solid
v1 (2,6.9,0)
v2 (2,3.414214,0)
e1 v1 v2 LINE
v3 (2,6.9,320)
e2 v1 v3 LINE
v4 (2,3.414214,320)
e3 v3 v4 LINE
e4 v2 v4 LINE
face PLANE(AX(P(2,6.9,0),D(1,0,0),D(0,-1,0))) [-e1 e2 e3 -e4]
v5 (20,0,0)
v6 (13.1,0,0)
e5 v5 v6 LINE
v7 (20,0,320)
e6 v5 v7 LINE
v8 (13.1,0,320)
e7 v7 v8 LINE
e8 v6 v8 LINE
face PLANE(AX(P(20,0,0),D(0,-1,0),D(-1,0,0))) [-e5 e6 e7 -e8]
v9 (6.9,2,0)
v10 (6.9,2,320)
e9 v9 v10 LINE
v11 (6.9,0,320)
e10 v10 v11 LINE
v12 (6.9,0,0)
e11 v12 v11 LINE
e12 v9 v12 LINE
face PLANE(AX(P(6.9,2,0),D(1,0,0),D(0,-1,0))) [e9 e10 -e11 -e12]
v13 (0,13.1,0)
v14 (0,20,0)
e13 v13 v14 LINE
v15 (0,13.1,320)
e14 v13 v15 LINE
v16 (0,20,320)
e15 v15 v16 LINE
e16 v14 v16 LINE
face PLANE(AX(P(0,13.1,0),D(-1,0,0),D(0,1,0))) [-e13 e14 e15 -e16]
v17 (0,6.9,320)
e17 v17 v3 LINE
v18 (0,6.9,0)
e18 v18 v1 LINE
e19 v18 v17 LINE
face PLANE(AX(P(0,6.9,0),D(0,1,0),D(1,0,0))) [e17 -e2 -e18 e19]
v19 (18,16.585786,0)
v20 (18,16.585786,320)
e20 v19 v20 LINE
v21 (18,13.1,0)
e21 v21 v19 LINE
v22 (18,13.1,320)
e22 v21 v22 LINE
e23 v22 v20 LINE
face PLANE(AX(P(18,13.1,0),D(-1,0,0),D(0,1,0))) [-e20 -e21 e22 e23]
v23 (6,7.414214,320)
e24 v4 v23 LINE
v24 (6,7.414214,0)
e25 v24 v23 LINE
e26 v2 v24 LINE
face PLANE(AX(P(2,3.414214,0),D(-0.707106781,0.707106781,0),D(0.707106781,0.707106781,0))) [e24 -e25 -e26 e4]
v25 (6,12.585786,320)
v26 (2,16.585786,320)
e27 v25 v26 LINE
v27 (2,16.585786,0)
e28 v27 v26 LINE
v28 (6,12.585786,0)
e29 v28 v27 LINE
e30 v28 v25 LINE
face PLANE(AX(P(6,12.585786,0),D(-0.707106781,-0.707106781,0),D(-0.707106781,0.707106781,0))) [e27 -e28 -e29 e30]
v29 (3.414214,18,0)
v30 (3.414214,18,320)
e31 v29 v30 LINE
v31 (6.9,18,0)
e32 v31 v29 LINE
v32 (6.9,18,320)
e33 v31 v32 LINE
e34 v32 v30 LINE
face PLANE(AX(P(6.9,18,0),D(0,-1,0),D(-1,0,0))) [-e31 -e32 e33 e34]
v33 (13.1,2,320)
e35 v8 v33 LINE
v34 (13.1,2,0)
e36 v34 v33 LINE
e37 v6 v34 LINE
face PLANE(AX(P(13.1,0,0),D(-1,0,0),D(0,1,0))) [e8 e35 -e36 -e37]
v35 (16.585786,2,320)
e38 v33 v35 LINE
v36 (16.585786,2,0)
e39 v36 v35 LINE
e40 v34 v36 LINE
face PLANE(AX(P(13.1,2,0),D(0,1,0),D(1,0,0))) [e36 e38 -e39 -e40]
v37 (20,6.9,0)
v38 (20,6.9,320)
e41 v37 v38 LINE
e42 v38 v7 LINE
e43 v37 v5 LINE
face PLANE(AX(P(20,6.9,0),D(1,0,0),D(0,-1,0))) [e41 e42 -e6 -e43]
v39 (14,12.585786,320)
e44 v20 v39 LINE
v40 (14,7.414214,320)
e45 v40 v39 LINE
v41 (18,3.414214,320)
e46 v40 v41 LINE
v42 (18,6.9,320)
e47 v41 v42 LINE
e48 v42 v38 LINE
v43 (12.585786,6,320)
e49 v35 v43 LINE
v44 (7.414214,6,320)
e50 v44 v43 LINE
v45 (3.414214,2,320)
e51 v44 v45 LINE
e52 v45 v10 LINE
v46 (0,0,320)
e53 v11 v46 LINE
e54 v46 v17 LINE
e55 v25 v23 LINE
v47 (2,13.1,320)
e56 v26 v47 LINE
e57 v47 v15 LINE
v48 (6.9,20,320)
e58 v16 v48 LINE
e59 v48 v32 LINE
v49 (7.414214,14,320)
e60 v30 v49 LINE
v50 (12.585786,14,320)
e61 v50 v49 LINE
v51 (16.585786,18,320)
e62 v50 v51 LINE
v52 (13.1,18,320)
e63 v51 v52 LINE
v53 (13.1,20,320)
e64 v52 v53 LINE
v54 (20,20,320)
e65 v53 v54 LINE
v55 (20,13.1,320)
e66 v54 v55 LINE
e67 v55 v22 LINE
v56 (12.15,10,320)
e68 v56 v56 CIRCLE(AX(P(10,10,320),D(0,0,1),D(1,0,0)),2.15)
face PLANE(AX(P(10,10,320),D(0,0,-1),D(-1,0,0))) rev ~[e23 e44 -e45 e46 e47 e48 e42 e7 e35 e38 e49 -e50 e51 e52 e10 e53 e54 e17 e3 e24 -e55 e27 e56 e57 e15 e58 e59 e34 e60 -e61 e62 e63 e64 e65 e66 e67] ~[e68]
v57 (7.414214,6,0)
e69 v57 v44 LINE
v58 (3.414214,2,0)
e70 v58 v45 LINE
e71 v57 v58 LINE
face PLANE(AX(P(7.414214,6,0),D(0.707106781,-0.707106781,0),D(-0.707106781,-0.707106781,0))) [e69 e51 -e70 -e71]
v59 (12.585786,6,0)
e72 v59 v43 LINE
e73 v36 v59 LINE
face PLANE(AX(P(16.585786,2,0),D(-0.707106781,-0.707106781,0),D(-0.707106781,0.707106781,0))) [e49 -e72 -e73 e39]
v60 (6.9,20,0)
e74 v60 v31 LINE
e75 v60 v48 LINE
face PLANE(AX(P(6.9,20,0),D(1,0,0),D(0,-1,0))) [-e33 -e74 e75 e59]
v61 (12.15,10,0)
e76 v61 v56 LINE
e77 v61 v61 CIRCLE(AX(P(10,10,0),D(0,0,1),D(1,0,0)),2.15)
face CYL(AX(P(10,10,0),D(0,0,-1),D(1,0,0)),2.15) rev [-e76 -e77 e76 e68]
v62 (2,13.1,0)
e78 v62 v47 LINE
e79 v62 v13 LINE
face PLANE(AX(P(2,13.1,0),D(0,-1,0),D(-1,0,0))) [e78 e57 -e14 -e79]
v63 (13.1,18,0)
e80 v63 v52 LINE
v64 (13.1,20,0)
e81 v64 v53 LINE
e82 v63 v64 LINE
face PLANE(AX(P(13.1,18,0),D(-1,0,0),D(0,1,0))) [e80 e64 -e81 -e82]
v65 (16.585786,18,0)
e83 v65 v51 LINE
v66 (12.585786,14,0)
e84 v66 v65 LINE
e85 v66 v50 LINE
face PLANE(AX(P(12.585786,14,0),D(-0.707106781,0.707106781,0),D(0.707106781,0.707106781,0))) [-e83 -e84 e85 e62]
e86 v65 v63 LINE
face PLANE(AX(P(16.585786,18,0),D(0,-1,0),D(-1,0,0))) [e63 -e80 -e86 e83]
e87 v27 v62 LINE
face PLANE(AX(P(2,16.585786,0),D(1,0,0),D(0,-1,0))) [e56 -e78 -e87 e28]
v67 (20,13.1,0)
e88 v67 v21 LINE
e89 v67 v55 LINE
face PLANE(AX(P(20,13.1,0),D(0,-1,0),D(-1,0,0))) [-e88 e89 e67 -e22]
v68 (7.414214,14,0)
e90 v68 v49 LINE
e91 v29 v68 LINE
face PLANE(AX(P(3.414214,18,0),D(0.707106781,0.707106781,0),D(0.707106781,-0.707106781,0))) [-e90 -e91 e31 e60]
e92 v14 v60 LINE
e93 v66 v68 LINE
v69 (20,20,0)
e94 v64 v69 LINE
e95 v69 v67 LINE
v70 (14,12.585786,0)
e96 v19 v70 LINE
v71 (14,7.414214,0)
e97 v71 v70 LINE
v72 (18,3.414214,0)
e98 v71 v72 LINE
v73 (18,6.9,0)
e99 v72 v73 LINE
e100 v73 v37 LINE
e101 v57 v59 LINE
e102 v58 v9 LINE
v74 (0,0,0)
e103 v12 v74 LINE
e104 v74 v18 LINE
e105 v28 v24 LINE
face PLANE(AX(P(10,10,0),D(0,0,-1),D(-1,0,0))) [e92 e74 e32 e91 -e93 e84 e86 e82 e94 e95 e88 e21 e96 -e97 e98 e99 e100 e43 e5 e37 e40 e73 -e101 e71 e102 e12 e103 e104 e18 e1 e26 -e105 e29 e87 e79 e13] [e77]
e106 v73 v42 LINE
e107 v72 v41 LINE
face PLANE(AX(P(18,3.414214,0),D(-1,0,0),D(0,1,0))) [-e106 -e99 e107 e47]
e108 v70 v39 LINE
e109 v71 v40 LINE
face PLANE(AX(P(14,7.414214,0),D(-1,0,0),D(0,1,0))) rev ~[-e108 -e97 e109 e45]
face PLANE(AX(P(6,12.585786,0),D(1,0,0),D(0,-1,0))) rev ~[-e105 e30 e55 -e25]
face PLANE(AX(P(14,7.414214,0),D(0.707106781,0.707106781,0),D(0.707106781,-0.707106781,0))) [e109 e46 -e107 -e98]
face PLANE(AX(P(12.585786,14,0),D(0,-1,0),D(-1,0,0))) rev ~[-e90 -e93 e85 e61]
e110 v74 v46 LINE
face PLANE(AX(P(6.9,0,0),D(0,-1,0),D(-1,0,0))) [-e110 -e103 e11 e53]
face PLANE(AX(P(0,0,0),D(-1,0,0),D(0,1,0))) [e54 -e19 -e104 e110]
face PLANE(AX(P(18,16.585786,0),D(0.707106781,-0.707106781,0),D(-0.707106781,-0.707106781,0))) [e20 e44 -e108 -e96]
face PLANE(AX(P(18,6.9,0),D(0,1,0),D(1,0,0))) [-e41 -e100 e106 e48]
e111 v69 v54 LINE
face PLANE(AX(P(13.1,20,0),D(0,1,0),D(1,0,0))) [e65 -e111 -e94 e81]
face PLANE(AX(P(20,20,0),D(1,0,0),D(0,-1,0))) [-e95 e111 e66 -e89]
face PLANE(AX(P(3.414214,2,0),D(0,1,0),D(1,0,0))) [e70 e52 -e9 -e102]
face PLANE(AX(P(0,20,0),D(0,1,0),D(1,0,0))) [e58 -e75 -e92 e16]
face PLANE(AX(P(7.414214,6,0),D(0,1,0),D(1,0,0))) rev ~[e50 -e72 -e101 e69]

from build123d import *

# Parameters (mm, degrees)
ESQUISSE1_R        = 2.15
BOSS_EXTRU_1_DEPTH = 320


with BuildPart() as part:
    # Esquisse1 → Boss.-Extru.1 (new body)
    with BuildSketch(Plane.XY):
        Polygon((20, 13.1), (18, 13.1), (18, 16.585786438), (14, 12.585786438), (14, 10), (14, 7.414213562), (18, 3.414213562), (18, 6.9), (20, 6.9), (20, 0), (13.1, 0), (13.1, 2), (16.585786438, 2), (12.585786438, 6), (10, 6), (7.414213562, 6), (3.414213562, 2), (6.9, 2), (6.9, 0), (0, 0), (0, 6.9), (2, 6.9), (2, 3.414213562), (6, 7.414213562), (6, 10), (6, 12.585786438), (2, 16.585786438), (2, 13.1), (0, 13.1), (0, 20), (6.9, 20), (6.9, 18), (3.414213562, 18), (7.414213562, 14), (10, 14), (12.585786438, 14), (16.585786438, 18), (13.1, 18), (13.1, 20), (20, 20), align=None)
        with Locations((10, 10)):
            Circle(ESQUISSE1_R, mode=Mode.SUBTRACT)
    extrude(amount=BOSS_EXTRU_1_DEPTH)


solid = part.part
